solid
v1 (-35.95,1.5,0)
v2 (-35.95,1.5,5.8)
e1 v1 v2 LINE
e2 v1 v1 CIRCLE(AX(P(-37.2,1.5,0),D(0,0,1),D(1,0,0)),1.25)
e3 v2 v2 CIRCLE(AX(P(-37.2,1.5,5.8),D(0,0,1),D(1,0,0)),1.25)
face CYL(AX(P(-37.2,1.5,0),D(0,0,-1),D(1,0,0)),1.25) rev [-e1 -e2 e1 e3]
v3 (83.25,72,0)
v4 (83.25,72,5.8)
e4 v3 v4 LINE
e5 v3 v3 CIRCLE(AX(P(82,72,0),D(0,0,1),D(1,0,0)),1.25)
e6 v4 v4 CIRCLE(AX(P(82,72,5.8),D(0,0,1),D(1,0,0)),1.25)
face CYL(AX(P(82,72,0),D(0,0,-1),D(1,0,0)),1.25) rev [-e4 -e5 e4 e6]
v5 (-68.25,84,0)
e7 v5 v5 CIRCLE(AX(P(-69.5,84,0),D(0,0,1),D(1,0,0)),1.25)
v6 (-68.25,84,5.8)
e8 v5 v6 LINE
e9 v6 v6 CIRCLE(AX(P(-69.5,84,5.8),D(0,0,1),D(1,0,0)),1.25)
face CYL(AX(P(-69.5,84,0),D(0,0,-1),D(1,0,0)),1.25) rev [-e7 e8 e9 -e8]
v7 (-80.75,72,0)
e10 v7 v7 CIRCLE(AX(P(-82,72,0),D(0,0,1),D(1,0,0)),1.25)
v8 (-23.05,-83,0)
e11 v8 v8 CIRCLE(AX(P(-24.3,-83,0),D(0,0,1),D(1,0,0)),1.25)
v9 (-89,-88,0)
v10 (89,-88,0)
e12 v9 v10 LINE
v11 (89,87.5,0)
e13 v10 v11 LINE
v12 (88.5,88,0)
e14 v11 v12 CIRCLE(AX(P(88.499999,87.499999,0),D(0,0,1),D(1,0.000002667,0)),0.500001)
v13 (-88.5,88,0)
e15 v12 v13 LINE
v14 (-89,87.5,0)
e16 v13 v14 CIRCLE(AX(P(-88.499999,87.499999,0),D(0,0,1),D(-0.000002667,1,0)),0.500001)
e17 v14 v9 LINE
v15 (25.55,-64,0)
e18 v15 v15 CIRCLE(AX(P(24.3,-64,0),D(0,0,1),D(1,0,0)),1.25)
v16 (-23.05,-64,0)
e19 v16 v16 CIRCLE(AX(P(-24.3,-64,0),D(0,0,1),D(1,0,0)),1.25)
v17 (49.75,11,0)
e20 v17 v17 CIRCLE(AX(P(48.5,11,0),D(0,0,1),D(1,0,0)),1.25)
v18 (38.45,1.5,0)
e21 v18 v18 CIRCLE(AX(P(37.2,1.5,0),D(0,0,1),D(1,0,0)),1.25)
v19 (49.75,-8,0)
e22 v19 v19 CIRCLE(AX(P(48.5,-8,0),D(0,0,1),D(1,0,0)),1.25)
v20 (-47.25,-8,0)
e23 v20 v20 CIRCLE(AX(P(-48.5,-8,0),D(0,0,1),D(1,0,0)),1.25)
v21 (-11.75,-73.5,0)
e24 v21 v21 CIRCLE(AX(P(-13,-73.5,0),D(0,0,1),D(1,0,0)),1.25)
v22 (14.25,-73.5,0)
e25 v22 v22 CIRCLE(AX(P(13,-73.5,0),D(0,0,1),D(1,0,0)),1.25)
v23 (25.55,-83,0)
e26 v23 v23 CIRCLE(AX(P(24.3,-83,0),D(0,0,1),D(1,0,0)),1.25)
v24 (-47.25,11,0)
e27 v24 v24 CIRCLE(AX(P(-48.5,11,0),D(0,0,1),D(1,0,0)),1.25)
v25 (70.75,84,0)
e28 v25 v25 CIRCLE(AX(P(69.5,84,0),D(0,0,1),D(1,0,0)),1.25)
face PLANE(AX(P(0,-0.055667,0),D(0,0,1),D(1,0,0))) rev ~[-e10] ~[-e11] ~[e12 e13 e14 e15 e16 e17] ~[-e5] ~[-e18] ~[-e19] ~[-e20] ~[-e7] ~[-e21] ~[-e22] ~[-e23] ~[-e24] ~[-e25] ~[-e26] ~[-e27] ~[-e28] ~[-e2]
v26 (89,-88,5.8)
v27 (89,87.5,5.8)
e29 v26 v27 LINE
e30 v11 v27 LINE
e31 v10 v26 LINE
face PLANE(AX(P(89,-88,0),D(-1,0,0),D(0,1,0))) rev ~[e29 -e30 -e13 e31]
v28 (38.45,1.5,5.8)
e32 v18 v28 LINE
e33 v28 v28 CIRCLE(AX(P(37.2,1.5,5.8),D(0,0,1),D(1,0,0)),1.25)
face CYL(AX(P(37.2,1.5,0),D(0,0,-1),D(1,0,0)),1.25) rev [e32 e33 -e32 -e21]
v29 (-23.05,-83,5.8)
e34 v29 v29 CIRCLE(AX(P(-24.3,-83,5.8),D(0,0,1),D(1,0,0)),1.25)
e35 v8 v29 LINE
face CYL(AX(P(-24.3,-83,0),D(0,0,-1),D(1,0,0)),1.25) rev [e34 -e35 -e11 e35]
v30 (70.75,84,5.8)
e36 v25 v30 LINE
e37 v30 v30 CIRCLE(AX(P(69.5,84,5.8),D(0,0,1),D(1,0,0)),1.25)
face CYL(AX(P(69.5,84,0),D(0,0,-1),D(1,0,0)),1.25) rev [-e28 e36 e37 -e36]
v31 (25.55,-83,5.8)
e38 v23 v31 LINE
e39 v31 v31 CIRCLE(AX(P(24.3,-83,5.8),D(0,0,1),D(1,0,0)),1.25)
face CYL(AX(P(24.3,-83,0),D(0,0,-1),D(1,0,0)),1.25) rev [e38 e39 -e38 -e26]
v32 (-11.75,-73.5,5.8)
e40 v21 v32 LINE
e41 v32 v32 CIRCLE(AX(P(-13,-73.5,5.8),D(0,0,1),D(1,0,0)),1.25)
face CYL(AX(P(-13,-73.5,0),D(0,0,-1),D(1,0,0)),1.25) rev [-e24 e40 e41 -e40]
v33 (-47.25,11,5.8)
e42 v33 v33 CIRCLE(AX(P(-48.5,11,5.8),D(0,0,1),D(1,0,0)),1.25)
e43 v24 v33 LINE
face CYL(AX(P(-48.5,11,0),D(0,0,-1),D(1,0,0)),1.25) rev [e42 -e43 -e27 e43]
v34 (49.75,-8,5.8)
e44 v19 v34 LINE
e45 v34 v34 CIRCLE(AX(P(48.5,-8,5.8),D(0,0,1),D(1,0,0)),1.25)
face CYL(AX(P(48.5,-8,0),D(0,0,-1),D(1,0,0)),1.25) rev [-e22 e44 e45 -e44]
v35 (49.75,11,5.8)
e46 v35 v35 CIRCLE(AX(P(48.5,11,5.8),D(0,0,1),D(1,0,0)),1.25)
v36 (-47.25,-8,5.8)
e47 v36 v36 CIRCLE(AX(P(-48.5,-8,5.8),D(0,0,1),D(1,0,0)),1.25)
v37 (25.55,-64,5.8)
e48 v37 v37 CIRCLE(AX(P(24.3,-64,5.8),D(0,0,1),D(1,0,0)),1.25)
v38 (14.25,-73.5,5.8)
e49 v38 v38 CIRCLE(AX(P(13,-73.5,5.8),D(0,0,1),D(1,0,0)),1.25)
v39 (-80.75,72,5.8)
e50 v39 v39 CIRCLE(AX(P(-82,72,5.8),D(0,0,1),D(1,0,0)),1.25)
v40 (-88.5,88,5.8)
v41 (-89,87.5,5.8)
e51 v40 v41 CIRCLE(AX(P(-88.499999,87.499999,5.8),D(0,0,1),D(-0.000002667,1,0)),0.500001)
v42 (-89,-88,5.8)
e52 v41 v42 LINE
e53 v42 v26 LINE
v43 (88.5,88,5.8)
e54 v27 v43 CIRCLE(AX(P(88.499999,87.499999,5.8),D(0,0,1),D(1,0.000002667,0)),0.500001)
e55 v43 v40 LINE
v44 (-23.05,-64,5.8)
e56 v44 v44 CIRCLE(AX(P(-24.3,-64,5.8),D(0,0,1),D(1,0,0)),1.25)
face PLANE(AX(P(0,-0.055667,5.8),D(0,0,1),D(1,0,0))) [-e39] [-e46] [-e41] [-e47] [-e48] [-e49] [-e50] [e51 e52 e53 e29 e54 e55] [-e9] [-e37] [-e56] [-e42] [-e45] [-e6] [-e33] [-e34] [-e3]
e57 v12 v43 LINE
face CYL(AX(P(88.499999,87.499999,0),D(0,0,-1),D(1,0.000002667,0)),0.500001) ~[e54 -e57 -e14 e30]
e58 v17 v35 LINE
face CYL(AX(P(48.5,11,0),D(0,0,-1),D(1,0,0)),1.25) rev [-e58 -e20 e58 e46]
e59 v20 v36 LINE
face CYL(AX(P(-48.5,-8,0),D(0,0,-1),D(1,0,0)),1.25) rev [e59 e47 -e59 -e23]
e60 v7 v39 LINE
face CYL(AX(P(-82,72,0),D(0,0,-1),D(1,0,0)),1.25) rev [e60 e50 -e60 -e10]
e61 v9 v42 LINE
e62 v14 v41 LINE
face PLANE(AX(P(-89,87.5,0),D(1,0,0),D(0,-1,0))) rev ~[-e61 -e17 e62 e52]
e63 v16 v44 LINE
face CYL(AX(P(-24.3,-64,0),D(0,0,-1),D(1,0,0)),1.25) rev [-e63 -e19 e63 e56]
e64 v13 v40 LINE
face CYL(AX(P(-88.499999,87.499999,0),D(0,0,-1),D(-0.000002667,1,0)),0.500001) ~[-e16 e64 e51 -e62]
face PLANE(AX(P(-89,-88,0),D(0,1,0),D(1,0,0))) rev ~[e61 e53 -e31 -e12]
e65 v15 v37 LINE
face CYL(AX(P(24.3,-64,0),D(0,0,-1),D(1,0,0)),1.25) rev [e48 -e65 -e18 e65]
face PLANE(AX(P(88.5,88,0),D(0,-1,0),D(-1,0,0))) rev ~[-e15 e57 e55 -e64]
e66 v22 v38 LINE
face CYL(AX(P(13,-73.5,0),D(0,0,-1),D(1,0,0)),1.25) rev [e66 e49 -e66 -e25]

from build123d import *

# Parameters (mm, degrees)
F0_R     = 1.25
F1_DEPTH = 5.8


with BuildPart() as f1:
    # F0 (on Top) → F1 (new body)
    with BuildSketch(Plane.XY):
        with BuildLine():
            ThreePointArc((89, 87.5), (88.853553, 87.853553), (88.5, 88))
            Line((88.5, 88), (-88.5, 88))
            ThreePointArc((-88.5, 88), (-88.853553, 87.853553), (-89, 87.5))
            Line((-89, 87.5), (-89, -88))
            Line((-89, -88), (2, -88))
            Line((2, -88), (58.5, -88))
            Line((58.5, -88), (89, -88))
            Line((89, -88), (89, 87.5))
        make_face()
        with Locations((-24.3, -83)):
            Circle(F0_R, mode=Mode.SUBTRACT)
        with Locations((-13, -73.5)):
            Circle(F0_R, mode=Mode.SUBTRACT)
        with Locations((-24.3, -64)):
            Circle(F0_R, mode=Mode.SUBTRACT)
        with Locations((-48.5, -8)):
            Circle(F0_R, mode=Mode.SUBTRACT)
        with Locations((13, -73.5)):
            Circle(F0_R, mode=Mode.SUBTRACT)
        with Locations((24.3, -83)):
            Circle(F0_R, mode=Mode.SUBTRACT)
        with Locations((24.3, -64)):
            Circle(F0_R, mode=Mode.SUBTRACT)
        with Locations((48.5, -8)):
            Circle(F0_R, mode=Mode.SUBTRACT)
        with Locations((-48.5, 11)):
            Circle(F0_R, mode=Mode.SUBTRACT)
        with Locations((-37.2, 1.5)):
            Circle(F0_R, mode=Mode.SUBTRACT)
        with Locations((-82, 72)):
            Circle(F0_R, mode=Mode.SUBTRACT)
        with Locations((-69.5, 84)):
            Circle(F0_R, mode=Mode.SUBTRACT)
        with Locations((37.2, 1.5)):
            Circle(F0_R, mode=Mode.SUBTRACT)
        with Locations((48.5, 11)):
            Circle(F0_R, mode=Mode.SUBTRACT)
        with Locations((82, 72)):
            Circle(F0_R, mode=Mode.SUBTRACT)
        with Locations((69.5, 84)):
            Circle(F0_R, mode=Mode.SUBTRACT)
    extrude(amount=F1_DEPTH)


solid = f1.part
